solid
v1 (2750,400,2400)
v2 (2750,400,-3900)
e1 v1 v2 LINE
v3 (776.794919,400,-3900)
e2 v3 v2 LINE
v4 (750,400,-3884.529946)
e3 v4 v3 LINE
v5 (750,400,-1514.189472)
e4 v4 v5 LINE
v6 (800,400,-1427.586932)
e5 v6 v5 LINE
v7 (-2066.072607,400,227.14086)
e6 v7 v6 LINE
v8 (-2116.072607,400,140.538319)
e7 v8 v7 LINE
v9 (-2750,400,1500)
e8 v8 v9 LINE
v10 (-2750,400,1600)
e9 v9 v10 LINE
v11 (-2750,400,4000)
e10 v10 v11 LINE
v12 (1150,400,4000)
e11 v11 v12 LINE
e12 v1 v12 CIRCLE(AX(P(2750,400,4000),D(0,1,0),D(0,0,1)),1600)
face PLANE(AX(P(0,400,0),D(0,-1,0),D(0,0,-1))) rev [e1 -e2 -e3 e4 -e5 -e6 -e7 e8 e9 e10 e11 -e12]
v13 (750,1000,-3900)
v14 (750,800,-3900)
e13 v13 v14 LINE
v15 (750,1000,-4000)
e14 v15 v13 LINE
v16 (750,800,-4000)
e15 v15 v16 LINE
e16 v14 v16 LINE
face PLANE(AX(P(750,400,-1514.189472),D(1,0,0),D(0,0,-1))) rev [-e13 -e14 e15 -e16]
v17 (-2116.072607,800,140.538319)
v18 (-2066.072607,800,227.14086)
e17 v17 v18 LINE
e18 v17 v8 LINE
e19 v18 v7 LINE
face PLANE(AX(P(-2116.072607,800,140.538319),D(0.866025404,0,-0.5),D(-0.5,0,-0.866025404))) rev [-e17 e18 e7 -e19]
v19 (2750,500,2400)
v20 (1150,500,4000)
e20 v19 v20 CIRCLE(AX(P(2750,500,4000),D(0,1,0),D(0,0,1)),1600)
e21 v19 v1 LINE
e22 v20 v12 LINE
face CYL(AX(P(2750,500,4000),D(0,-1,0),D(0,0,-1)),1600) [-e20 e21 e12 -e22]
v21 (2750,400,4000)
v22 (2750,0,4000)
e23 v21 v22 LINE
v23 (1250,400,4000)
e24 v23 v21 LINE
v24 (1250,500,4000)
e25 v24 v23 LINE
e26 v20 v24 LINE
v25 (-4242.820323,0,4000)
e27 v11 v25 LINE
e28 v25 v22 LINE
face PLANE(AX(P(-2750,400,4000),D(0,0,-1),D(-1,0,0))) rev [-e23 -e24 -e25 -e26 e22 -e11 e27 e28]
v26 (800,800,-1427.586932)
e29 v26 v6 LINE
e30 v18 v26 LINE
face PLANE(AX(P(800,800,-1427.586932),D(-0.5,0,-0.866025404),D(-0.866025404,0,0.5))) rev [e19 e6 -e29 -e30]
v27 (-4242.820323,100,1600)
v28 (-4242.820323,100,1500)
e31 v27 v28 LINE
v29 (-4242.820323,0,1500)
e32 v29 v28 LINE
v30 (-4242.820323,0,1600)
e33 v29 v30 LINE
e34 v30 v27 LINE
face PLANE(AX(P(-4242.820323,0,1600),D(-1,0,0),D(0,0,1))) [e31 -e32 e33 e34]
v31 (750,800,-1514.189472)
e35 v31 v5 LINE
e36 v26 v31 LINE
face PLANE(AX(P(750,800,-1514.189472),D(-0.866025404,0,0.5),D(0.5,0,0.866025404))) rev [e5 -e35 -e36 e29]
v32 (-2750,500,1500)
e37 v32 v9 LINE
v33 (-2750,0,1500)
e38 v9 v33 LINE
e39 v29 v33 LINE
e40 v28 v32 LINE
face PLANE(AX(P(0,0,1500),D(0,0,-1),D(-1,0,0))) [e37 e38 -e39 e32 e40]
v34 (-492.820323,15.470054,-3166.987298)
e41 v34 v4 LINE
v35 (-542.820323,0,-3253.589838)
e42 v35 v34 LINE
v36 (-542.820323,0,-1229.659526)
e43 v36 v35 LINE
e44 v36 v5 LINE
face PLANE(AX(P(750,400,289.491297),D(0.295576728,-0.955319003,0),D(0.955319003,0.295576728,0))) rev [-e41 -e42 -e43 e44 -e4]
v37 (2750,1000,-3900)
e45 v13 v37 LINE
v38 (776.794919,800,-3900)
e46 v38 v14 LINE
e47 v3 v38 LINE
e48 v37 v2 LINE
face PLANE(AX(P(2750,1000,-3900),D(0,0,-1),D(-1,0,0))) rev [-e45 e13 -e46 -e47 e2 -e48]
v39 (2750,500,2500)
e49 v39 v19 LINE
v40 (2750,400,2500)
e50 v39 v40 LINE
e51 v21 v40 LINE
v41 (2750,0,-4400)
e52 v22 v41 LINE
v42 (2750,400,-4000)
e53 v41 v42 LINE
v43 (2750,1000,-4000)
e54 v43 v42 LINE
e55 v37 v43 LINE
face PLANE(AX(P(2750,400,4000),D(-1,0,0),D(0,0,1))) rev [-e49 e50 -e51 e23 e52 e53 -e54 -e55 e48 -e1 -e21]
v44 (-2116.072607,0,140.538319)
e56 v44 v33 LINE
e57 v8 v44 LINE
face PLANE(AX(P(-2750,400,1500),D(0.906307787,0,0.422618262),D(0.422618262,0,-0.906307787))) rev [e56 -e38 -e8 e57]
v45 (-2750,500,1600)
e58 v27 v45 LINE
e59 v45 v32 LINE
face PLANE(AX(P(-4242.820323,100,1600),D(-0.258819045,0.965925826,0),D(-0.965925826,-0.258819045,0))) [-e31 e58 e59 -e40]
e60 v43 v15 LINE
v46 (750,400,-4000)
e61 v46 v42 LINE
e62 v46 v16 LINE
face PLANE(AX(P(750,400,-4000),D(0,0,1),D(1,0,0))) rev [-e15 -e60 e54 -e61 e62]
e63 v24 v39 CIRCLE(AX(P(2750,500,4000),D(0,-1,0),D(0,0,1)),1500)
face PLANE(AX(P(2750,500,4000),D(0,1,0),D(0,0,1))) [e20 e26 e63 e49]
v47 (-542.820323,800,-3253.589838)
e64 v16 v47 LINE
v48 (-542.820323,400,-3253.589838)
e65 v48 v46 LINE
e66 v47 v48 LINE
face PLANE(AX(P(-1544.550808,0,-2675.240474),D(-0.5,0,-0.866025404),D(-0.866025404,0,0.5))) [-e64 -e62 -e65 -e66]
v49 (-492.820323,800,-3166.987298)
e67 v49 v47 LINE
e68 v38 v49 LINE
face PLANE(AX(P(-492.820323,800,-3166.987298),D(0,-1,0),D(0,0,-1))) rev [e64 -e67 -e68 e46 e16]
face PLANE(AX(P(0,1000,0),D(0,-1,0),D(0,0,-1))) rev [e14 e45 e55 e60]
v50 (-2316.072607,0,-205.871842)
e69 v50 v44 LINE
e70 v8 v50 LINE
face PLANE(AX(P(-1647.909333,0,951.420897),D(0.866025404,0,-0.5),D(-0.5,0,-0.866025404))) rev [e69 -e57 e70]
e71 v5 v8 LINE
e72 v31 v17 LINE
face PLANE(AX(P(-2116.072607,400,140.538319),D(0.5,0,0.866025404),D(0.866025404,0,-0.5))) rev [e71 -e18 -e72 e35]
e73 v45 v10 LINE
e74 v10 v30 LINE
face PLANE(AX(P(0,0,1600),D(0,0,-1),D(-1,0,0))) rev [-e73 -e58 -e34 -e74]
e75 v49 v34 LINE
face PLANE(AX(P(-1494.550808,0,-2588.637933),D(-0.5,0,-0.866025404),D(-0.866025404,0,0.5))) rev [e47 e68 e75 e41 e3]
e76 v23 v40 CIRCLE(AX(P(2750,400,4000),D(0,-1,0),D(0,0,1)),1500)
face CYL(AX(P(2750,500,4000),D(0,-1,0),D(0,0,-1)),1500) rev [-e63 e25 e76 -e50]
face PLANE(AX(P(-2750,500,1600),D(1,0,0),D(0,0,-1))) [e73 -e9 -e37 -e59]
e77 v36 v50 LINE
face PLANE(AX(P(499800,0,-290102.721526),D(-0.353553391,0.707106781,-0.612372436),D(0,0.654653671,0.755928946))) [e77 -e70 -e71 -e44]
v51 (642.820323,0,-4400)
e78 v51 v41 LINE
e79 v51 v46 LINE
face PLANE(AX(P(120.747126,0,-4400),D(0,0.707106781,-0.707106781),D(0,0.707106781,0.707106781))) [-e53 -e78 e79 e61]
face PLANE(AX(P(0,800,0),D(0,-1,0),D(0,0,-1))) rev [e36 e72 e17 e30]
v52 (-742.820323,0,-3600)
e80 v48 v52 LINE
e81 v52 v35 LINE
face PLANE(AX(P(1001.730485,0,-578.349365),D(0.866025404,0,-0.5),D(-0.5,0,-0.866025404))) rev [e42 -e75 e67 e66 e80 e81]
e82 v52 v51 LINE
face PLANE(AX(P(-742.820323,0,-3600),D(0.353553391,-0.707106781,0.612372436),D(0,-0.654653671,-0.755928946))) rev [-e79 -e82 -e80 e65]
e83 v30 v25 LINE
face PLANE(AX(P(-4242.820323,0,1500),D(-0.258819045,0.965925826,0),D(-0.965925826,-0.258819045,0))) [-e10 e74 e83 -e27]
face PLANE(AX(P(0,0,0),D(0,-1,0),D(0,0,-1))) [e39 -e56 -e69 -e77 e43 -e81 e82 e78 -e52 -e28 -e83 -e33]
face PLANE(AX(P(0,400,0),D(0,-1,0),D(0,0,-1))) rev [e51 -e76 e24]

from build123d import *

# Parameters (mm, degrees)
EXTRUDE_1_DEPTH              = 400
EXTRUDE_2_DEPTH              = 100
SKETCH_3_W                   = 2000
SKETCH_3_H                   = 100
EXTRUDE_3_DEPTH              = 600
EXTRUDE_4_DEPTH              = 400
EXTRUDE_5_DEPTH              = 2500
EXTRUDE_6_DEPTH              = 100
EXTRUDE_7_REACH              = 6699.625
EXTRUDE_8_REACH              = 9240.058
EXTRUDE_10_REACH             = 8119.853
EXTRUDE_11_DEPTH             = 1492.820323
EXTRUDE_11_DIRECTION_2_REACH = 8492.6
SKETCH_12_W                  = 1492.820323027
SKETCH_12_H                  = 800
EXTRUDE_12_DEPTH             = 100


with BuildPart() as part:
    # 草图1 → 凸台-拉伸1 (new body)
    with BuildSketch(Plane(origin=(0, 0, 0), x_dir=(1, 0, 0), z_dir=(0, 1, 0))):
        Polygon((-2750, -1500), (-2116.072607389, -140.538319445), (750, 1514.189471948), (750, 4000), (2750, 4000), (2750, -4000), (-2750, -4000), align=None)
    extrude(amount=EXTRUDE_1_DEPTH)

    # 草图2 → 凸台-拉伸2 (add)
    with BuildSketch(Plane(origin=(0, 400, 0), x_dir=(1, 0, 0), z_dir=(0, 1, 0))):
        with BuildLine():
            Line((1150, -4000), (1250, -4000))
            ThreePointArc((1250, -4000), (1689.33982822, -2939.33982822), (2750, -2500))
            Line((2750, -2500), (2750, -2400))
            ThreePointArc((2750, -2400), (1618.629150102, -2868.629150102), (1150, -4000))
        make_face()
    extrude(amount=EXTRUDE_2_DEPTH)

    # 草图3 → 凸台-拉伸3 (add)
    with BuildSketch(Plane(origin=(0, 400, 0), x_dir=(1, 0, 0), z_dir=(0, 1, 0))):
        with Locations((1750, 3950)):
            Rectangle(SKETCH_3_W, SKETCH_3_H)
    extrude(amount=EXTRUDE_3_DEPTH)

    # 草图4 → 凸台-拉伸4 (add)
    with BuildSketch(Plane(origin=(0, 400, 0), x_dir=(1, 0, 0), z_dir=(0, 1, 0))):
        Polygon((750, 1514.189471948), (-2116.072607389, -140.538319445), (-2066.072607389, -227.140859823), (800, 1427.58693157), align=None)
    extrude(amount=EXTRUDE_4_DEPTH)

    # 草图5 → 凸台-拉伸5 (add)
    with BuildSketch(Plane.XY.offset(4000)):
        Polygon((-2750, 400), (-2750, 0), (-4242.820323028, 0), align=None)
    extrude(amount=-EXTRUDE_5_DEPTH)

    # 草图6 → 凸台-拉伸6 (add)
    with BuildSketch(Plane(origin=(0, 0, 1500), x_dir=(-1, 0, 0), z_dir=(0, 0, -1))):
        Polygon((2750, 400), (4242.820323028, 0), (4242.820323028, 100), (2750, 500), align=None)
    extrude(amount=-EXTRUDE_6_DEPTH)

    # 凸台-拉伸7: up to this plane
    extrude_7_end = Plane(origin=(750, 400, -1514.189471948), z_dir=(1, 0, 0))
    # 草图7 → 凸台-拉伸7 (add, up to the surface)
    with BuildSketch(Plane(origin=(-1647.909332964, 0, 951.420896987), x_dir=(0.4999999999999981, 0, 0.8660254037844398), z_dir=(-0.8660254037844398, 0, 0.49999999999999817)), mode=Mode.PRIVATE) as extrude_7_sk1:
        Polygon((-936.32654885, 0), (-1336.32654885, 0), (-936.32654885, 400), align=None)
    extrude_7_tool1 = split(extrude(extrude_7_sk1.sketch, amount=-EXTRUDE_7_REACH, mode=Mode.PRIVATE), bisect_by=extrude_7_end, keep=Keep.BOTH, mode=Mode.PRIVATE)
    add(extrude_7_tool1.solids().sort_by_distance((-2182.739274, 133.333333, 25.068266))[0])

    # 凸台-拉伸8: up to this plane
    extrude_8_end = Plane(origin=(499800, 0, -290102.721526381), z_dir=(-0.3535533905932706, 0.7071067811865511, -0.6123724356957922))
    # 草图8 → 凸台-拉伸8 (add, up to the surface)
    with BuildSketch(Plane(origin=(-1544.550807569, 0, -2675.240473581), x_dir=(0, -1, 0), z_dir=(0.49999999999999495, 0, 0.8660254037844416)), mode=Mode.PRIVATE) as extrude_8_sk1:
        Polygon((0, 2649.519052838), (-400, 2649.519052838), (0, 1156.698729811), align=None)
    extrude_8_tool1 = split(extrude(extrude_8_sk1.sketch, amount=EXTRUDE_8_REACH, dir=(0, 0, 1), mode=Mode.PRIVATE), bisect_by=extrude_8_end, keep=Keep.BOTH, mode=Mode.PRIVATE)
    add(extrude_8_tool1.solids().sort_by_distance((319.059892, 133.333333, -3751.196613))[0])

    # 凸台-拉伸10: up to this plane
    extrude_10_end = Plane(origin=(1699.759526419, 0, -455.449192431), z_dir=(-0.96592582628907, 0, 0.25881904510251463))
    # 草图9 → 凸台-拉伸10 (add, up to the surface)
    with BuildSketch(Plane(origin=(2750, 0, 0), x_dir=(0, 0, -1), z_dir=(1, 0, 0)), mode=Mode.PRIVATE) as extrude_10_sk1:
        Polygon((4000, 0), (4400, 0), (4000, 400), align=None)
    extrude_10_tool1 = split(extrude(extrude_10_sk1.sketch, amount=-EXTRUDE_10_REACH, mode=Mode.PRIVATE), bisect_by=extrude_10_end, keep=Keep.BOTH, mode=Mode.PRIVATE)
    add(extrude_10_tool1.solids().sort_by_distance((2750, 133.333333, -4133.333333))[0])

    # 草图11 → 凸台-拉伸11 (add)
    with BuildSketch(Plane(origin=(2294.550807569, 0, -1324.759526419), x_dir=(0, 1, 0), z_dir=(-0.8660254037844416, 0, 0.49999999999999506))):
        Polygon((400, 3089.101615138), (0, 3089.101615138), (0, 3489.101615138), align=None)
    extrude(amount=EXTRUDE_11_DEPTH)

    # 凸台-拉伸11 direction 2: up to this face of the body (flat: up to its plane)
    extrude_11_direction_2_end = Plane(part.part.faces().sort_by_distance((714.273441009, 133.333333333, -4133.333333333))[0])
    # 草图11 → 凸台-拉伸11 direction 2 (add, up to the picked face)
    with BuildSketch(Plane(origin=(2294.550807569, 0, -1324.759526419), x_dir=(0, 1, 0), z_dir=(-0.8660254037844416, 0, 0.49999999999999506)), mode=Mode.PRIVATE) as extrude_11_direction_2_sk1:
        Polygon((400, 3089.101615138), (0, 3089.101615138), (0, 3489.101615138), align=None)
    extrude_11_direction_2_tool1 = split(extrude(extrude_11_direction_2_sk1.sketch, amount=-EXTRUDE_11_DIRECTION_2_REACH, mode=Mode.PRIVATE), bisect_by=extrude_11_direction_2_end, keep=Keep.BOTH, mode=Mode.PRIVATE)
    add(extrude_11_direction_2_tool1.solids().sort_by(Axis((683.333333, 133.333333, -4115.470054), (0.8660254037844416, 0, -0.49999999999999506)))[0])

    # 草图12 → 凸台-拉伸12 (add)
    with BuildSketch(Plane(origin=(-1544.550807569, 0, -2675.240473581), x_dir=(0.8660254037844417, 0, -0.49999999999999495), z_dir=(0.49999999999999495, 0, 0.8660254037844417))):
        with Locations((1903.108891325, 400)):
            Rectangle(SKETCH_12_W, SKETCH_12_H)
    extrude(amount=EXTRUDE_12_DEPTH)


solid = part.part
